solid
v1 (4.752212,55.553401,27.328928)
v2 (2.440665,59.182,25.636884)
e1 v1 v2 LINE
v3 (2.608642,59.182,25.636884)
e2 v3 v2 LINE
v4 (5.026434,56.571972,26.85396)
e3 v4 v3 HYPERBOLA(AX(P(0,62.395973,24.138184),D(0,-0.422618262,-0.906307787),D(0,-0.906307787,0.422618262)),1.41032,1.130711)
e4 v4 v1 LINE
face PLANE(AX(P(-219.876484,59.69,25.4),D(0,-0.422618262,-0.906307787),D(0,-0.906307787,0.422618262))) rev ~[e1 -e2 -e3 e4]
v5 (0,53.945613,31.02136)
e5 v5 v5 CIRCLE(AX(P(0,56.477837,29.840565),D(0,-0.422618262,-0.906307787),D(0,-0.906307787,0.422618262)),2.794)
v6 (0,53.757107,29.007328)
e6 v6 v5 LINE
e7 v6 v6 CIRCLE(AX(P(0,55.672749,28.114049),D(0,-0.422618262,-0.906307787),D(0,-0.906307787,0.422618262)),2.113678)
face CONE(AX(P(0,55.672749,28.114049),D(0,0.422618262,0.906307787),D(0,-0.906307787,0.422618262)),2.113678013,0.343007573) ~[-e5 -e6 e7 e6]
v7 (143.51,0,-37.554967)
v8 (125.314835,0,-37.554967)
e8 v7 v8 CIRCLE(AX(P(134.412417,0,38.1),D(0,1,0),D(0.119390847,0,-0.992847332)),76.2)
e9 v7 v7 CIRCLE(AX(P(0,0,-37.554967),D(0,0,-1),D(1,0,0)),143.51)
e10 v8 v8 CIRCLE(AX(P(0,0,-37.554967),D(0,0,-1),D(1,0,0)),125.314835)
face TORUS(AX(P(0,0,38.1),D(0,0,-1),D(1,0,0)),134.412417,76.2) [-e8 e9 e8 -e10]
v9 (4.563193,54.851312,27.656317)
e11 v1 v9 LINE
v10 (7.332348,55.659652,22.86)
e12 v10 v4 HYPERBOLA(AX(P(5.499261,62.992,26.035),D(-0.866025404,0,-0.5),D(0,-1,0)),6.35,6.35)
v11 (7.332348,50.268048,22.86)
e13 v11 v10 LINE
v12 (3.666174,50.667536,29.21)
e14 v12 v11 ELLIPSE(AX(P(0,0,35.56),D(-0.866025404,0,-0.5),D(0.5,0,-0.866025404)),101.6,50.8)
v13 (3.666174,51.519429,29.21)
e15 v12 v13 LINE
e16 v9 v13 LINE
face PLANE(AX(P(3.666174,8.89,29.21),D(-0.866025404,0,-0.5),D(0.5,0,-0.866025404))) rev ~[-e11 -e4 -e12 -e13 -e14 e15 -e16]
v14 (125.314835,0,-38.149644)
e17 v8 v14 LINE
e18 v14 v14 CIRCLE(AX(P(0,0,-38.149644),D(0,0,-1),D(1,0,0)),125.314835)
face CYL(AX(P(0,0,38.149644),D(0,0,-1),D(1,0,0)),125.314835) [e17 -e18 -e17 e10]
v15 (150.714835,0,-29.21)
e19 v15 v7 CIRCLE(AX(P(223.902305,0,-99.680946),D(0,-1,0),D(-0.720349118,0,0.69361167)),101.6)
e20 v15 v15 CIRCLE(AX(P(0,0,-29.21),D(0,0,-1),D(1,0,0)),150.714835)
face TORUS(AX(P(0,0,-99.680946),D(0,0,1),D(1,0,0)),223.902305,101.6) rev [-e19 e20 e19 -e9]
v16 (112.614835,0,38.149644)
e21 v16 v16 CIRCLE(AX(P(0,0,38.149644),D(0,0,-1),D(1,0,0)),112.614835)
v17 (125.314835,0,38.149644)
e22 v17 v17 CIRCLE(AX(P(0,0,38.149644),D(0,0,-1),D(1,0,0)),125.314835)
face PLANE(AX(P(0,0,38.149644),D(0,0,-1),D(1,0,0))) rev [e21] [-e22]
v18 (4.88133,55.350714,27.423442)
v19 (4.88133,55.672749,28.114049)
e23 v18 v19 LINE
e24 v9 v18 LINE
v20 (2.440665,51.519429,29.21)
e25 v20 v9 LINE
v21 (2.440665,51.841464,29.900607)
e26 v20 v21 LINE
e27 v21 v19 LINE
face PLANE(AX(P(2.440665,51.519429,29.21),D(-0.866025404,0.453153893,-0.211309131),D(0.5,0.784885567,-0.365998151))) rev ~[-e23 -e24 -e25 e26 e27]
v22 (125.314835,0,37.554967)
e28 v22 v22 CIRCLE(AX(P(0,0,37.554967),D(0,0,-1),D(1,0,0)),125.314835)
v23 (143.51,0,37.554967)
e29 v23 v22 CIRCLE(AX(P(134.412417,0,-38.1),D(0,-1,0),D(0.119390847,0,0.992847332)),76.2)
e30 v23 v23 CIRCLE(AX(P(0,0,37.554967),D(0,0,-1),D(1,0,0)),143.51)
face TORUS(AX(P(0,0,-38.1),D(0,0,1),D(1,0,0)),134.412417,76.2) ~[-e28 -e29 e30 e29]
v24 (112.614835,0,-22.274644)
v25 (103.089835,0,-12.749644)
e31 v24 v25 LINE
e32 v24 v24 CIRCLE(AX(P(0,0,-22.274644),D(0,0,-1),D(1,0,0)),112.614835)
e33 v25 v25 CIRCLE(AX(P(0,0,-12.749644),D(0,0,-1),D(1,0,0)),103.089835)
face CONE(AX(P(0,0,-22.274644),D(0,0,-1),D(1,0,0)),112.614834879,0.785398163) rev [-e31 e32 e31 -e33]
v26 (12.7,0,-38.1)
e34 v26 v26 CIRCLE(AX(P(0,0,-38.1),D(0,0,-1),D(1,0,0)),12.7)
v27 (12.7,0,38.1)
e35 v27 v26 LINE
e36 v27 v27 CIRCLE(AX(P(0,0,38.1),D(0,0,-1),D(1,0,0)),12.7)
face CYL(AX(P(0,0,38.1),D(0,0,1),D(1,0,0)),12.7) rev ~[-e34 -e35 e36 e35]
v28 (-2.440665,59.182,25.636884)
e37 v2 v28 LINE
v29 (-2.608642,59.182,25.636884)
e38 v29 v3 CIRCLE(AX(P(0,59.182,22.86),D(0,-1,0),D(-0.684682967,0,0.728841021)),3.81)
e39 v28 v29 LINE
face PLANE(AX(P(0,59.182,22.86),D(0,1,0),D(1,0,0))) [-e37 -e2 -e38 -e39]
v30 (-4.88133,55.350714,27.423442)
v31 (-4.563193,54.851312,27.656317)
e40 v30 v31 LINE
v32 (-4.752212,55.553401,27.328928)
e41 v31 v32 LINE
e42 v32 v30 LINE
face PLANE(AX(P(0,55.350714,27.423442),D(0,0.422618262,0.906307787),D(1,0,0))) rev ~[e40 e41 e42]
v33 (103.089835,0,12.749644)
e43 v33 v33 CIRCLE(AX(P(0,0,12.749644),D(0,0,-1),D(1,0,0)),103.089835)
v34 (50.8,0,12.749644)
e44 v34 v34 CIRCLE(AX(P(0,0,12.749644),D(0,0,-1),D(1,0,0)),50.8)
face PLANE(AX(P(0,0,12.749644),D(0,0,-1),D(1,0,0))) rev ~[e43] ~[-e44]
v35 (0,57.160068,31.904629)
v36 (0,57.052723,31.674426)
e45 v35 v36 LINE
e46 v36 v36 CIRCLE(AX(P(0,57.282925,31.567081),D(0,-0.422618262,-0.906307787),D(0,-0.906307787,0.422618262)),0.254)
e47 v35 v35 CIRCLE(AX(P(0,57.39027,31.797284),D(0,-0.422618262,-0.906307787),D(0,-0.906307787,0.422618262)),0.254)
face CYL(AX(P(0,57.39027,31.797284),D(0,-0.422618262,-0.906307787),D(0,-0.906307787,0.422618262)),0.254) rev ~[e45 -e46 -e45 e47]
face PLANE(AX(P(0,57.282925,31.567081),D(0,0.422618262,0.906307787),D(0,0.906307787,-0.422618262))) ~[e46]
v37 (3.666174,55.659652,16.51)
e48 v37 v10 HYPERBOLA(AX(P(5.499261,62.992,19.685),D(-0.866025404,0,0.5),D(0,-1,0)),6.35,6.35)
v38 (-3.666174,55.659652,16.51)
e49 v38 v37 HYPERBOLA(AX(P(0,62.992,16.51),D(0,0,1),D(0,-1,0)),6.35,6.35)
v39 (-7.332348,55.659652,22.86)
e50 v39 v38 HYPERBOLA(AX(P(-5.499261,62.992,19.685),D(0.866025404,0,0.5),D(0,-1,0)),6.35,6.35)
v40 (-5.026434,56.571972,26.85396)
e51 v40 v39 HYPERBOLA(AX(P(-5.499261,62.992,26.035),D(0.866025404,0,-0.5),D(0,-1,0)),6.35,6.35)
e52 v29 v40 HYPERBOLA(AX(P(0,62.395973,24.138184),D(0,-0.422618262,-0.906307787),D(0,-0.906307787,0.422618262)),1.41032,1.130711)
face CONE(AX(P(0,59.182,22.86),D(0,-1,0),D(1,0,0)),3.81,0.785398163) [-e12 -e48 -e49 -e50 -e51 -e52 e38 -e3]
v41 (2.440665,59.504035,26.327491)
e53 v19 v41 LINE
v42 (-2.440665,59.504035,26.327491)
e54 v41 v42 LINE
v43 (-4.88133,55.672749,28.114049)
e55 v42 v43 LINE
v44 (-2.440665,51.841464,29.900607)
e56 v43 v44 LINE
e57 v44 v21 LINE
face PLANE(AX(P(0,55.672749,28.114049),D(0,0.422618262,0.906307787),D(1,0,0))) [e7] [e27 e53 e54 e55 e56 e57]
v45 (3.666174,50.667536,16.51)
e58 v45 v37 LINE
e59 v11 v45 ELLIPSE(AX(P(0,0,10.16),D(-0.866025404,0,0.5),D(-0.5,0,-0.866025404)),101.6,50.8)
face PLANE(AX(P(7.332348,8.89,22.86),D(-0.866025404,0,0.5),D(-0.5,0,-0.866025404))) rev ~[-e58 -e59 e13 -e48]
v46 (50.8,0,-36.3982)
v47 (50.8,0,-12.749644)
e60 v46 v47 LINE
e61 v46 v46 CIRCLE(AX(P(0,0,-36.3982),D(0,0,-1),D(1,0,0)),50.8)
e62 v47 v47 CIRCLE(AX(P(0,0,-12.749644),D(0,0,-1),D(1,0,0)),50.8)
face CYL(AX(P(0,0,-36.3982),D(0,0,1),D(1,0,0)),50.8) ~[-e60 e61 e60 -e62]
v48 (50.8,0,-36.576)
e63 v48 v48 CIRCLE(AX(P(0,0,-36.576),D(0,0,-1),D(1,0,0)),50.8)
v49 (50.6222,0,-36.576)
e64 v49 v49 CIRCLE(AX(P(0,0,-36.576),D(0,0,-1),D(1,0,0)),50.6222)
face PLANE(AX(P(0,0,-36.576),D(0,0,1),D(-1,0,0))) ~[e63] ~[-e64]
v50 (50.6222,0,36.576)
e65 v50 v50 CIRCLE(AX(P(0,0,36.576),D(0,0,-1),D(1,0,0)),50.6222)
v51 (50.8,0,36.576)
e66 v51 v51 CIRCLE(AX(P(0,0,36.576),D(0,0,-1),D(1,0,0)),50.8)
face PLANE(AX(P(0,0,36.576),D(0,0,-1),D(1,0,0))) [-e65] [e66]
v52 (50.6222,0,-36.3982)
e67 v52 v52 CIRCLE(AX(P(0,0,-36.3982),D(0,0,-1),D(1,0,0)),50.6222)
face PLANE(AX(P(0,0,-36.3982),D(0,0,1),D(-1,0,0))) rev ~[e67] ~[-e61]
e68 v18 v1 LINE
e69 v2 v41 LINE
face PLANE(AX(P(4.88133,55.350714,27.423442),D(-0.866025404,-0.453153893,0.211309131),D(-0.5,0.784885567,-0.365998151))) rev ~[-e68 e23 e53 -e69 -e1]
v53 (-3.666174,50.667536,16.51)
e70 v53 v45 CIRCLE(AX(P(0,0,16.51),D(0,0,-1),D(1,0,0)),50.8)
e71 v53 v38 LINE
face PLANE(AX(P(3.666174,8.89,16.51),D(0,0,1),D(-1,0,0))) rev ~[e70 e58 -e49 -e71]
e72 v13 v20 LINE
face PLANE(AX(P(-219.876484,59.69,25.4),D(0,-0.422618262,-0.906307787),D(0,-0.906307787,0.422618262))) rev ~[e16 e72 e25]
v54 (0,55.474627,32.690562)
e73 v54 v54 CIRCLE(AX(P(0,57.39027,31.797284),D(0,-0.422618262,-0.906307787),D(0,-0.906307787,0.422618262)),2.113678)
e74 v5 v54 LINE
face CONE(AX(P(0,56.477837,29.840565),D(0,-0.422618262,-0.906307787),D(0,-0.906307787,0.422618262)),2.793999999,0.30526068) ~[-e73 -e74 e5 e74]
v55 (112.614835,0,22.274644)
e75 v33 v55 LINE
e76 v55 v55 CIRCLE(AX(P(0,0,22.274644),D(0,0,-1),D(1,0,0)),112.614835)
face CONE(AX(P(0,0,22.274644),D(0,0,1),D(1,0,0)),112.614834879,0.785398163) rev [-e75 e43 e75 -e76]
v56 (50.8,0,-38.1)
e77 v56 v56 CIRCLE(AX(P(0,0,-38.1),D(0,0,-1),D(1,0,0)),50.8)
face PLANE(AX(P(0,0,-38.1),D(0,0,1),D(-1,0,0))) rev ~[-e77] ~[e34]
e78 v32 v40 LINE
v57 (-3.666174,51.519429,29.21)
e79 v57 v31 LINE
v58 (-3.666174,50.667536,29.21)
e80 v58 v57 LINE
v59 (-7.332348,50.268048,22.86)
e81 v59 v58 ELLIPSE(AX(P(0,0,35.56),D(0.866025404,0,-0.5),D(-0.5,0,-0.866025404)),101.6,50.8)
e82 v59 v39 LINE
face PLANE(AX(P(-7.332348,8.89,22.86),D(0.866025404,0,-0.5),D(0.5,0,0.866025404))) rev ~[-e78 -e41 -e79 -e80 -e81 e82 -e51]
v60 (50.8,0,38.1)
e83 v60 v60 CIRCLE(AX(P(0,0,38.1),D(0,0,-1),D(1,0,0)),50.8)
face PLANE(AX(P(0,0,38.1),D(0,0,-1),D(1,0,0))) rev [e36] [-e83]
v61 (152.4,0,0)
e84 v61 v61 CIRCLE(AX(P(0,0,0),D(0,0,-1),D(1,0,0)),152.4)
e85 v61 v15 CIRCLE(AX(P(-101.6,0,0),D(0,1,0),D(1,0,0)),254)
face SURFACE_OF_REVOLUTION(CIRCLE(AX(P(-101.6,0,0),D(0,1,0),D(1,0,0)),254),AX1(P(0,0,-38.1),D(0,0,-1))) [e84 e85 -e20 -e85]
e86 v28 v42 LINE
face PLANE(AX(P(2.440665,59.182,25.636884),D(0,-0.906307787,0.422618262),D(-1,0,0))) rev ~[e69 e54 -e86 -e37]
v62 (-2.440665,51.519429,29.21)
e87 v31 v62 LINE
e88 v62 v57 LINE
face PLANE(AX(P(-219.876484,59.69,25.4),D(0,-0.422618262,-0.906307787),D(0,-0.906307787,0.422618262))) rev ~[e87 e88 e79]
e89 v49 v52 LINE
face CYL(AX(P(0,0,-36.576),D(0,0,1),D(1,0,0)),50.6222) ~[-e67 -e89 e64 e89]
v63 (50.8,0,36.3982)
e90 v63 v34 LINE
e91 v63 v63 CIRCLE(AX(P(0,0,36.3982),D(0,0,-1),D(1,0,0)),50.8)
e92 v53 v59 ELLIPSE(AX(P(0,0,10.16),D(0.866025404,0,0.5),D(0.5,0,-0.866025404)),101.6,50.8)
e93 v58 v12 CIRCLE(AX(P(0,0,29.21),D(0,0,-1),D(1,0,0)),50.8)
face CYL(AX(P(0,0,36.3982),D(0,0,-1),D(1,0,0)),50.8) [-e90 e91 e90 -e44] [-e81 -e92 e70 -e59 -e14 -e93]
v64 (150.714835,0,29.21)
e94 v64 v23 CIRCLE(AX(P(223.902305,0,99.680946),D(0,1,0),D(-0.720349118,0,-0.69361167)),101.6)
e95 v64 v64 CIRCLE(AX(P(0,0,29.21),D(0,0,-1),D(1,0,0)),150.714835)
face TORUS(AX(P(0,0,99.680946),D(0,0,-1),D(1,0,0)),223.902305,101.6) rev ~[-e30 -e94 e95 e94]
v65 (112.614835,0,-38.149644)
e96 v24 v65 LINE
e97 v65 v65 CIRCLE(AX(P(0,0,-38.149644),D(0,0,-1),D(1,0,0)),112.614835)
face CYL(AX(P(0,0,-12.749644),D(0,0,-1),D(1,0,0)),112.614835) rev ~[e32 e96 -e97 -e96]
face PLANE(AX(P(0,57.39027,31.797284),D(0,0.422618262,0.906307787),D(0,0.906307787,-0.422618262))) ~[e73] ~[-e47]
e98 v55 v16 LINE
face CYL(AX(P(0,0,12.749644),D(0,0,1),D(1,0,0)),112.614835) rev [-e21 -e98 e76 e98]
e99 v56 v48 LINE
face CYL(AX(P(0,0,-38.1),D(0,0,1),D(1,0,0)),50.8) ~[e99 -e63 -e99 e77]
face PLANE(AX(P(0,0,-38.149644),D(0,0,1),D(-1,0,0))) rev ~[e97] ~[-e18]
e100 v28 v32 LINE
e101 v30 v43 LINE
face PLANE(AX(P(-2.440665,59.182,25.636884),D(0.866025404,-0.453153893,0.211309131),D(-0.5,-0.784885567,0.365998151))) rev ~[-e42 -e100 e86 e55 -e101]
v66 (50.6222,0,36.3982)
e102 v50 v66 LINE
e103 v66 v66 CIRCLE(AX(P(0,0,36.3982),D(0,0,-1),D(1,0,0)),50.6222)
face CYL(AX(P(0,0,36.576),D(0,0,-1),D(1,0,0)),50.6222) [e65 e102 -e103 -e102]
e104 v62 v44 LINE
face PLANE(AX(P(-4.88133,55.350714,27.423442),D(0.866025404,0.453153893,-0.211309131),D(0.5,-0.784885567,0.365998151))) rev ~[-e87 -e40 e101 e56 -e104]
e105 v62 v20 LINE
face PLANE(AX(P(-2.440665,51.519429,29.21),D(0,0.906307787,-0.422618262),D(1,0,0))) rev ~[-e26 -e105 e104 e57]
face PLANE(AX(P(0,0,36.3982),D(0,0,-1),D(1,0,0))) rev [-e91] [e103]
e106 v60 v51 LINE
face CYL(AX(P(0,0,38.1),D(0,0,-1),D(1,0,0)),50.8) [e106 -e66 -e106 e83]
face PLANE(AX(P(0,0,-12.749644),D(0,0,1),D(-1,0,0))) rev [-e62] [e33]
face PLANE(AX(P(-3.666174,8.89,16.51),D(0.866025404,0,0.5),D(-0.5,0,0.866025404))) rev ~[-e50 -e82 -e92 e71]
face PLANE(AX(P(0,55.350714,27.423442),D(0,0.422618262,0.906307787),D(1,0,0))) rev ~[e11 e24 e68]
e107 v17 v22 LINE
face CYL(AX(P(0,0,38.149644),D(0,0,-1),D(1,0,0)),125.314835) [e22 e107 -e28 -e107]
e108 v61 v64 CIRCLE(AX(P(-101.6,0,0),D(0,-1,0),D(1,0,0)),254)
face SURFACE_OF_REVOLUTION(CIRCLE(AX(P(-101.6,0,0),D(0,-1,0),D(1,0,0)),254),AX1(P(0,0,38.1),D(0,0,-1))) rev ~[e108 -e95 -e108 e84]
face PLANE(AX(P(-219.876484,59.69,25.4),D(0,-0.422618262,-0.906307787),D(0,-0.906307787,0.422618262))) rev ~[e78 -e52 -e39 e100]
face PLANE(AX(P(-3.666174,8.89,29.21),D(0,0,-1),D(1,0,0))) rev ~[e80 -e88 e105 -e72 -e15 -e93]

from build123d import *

# Parameters (mm, degrees)
CHAMFER1_SIZE           = 9.525
BOSS_EXTRUDE1_START     = 8.89
BOSS_EXTRUDE1_DEPTH     = 50.292
SKETCH10_R              = 12.7
CUT_EXTRUDE4_DEPTH      = 330.2
SKETCH6_OUTSIDE_W       = 923.41
SKETCH6_OUTSIDE_H       = 694.91
SKETCH6_OUTSIDE_R       = 3.81
CUT_EXTRUDE2_DEPTH      = 264.530070652
CUT_EXTRUDE2_DRAFT      = -45
CUT_EXTRUDE3_DEPTH      = 219.876484351
CUT_EXTRUDE3_DEPTH_BACK = 219.876484351
BOSS_EXTRUDE2_DEPTH     = 0.762


with BuildPart() as part:
    # Sketch2 → Revolve1 (revolve)
    with BuildSketch(Plane(origin=(0, 0, 0), x_dir=(0, 0, -1), z_dir=(1, 0, 0)), mode=Mode.PRIVATE) as revolve1_sk:
        Polygon((0, 12.7), (-38.1, 12.7), (-38.1, 50.8), (-36.576, 50.8), (-36.576, 50.6222), (-36.3982, 50.6222), (-36.3982, 50.8), (-12.749644049, 50.8), (-12.749644049, 109.439834879), (-12.749644049, 112.614834879), (-38.149644049, 112.614834879), (-38.149644049, 125.314834879), (0, 125.314834879), align=None)
    revolve(revolve1_sk.sketch.rotate(Axis((0, 0, 38.1), (0, 0, -1)), 90), axis=Axis((0, 0, 38.1), (0, 0, -1)))

    # Mirror1 2: part across plane


with BuildPart() as body_2:
    # Sketch3 → Revolve2 (revolve)
    with BuildSketch(Plane(origin=(0, 0, 0), x_dir=(0, 0, -1), z_dir=(1, 0, 0)), mode=Mode.PRIVATE) as revolve2_sk:
        with BuildLine():
            Line((-37.554966734, 125.314834879), (0, 125.314834879))
            Line((0, 125.314834879), (0, 152.4))
            ThreePointArc((0, 152.4), (-14.629284684, 151.978358756), (-29.21, 150.714834879))
            ThreePointArc((-29.21, 150.714834879), (-33.284684366, 146.999142198), (-37.554966734, 143.51))
            ThreePointArc((-37.554966734, 143.51), (-38.1, 134.412417439), (-37.554966734, 125.314834879))
        make_face()
    revolve(revolve2_sk.sketch.rotate(Axis((0, 0, 38.1), (0, 0, -1)), 90), axis=Axis((0, 0, 38.1), (0, 0, -1)))

    # Mirror1: body 2 across plane


with BuildPart() as body_2_1:
    add(body_2.part)
    add(body_2.part.mirror(Plane.XY))


with BuildPart() as part_1:
    add(part.part)
    add(part.part.mirror(Plane.XY))

    # Chamfer1
    chamfer1_edges = [part_1.edges().sort_by_distance(p)[0] for p in [
        (-112.614834879, 0, 12.749644049),
        (-112.614834879, 0, -12.749644049),
    ]]
    chamfer(chamfer1_edges, length=CHAMFER1_SIZE)


with BuildPart() as body_2_2:
    add(body_2_1.part)

    # Combine1: union part
    add(part_1.part)



with BuildPart() as body_2_2_1:
    # Sketch5 → Boss-Extrude1 (new body)
    with BuildSketch(Plane(origin=(0, 0, 0), x_dir=(1, 0, 0), z_dir=(0, 1, 0)).offset(BOSS_EXTRUDE1_START)):
        Polygon((7.332348419, -22.86), (3.666174209, -16.51), (-3.666174209, -16.51), (-7.332348419, -22.86), (-3.666174209, -29.21), (3.666174209, -29.21), align=None)
    extrude(amount=BOSS_EXTRUDE1_DEPTH)

    # Sketch10 → Cut-Extrude4 (cut)
    with BuildSketch(Plane.XY.offset(38.1)):
        Circle(SKETCH10_R)
    extrude(amount=-CUT_EXTRUDE4_DEPTH, mode=Mode.SUBTRACT)


with BuildPart() as cut_extrude2_tool:
    # Sketch6 outside → Cut-Extrude2 (with draft: the straight prism first)
    with BuildSketch(Plane(origin=(0, 59.182, 0), x_dir=(1, 0, 0), z_dir=(0, 1, 0))):
        Rectangle(SKETCH6_OUTSIDE_W, SKETCH6_OUTSIDE_H)
        with Locations((0, -22.86)):
            Circle(SKETCH6_OUTSIDE_R, mode=Mode.SUBTRACT)
    extrude(amount=-CUT_EXTRUDE2_DEPTH)
    # Cut-Extrude2: the draft: its side faces are tilted about the plane it starts from
    cut_extrude2_sides = [cut_extrude2_tool.faces().sort_by_distance(p)[0] for p in [
        (0, -73.083035326, 347.455),
        (461.705, -73.083035326, 0),
        (0, -73.083035326, -347.455),
        (-461.705, -73.083035326, 0),
        (-3.81, -73.083035326, 22.86),
    ]]
    draft(cut_extrude2_sides, Plane(origin=(0, 59.182, 0), x_dir=(1, 0, 0), z_dir=(0, 1, 0)), CUT_EXTRUDE2_DRAFT)


with BuildPart() as body_2_2_2:
    add(body_2_2_1.part)

    # Cut-Extrude2: cut by cut_extrude2_tool
    add(cut_extrude2_tool.part, mode=Mode.SUBTRACT)

    # Sketch7 → Cut-Extrude3 (cut, two sides: drawn at the far end of the back side and taken through both)
    with BuildSketch(Plane(origin=(0, 0, 0), x_dir=(0, 0, -1), z_dir=(1, 0, 0)).offset(-CUT_EXTRUDE3_DEPTH_BACK)):
        Polygon((-25.4, 59.69), (-29.545475081, 50.8), (-33.02, 50.8), (-33.02, 59.69), align=None)
    extrude(amount=CUT_EXTRUDE3_DEPTH + CUT_EXTRUDE3_DEPTH_BACK, mode=Mode.SUBTRACT)


with BuildPart() as body_2_3:
    add(body_2_2.part)

    add(body_2_2_2.part)  # Boss-Extrude2 merges body 2 2
    # Sketch8 → Boss-Extrude2 (add)
    with BuildSketch(Plane(origin=(0, 20.389768217, 43.725999048), x_dir=(1, 0, 0), z_dir=(0, 0.4226182617407031, 0.9063077870366484))):
        Polygon((2.440665139, 34.347779928), (4.881330277, 38.575135953), (2.440665139, 42.802491977), (-2.440665139, 42.802491977), (-4.881330277, 38.575135953), (-2.440665139, 34.347779928), align=None)
    extrude(amount=BOSS_EXTRUDE2_DEPTH)

    # Sketch9 → Revolve3 (revolve)
    with BuildSketch(Plane(origin=(0, 0, 0), x_dir=(0, 0, -1), z_dir=(1, 0, 0)), mode=Mode.PRIVATE) as revolve3_sk:
        Polygon((-27.220769751, 57.588392274), (-28.65976959, 59.010061177), (-30.904004598, 59.305912889), (-31.689938487, 57.620472225), (-31.459736309, 57.513127187), (-31.567081348, 57.282925009), (-28.114048679, 55.672749432), align=None)
    revolve(revolve3_sk.sketch.rotate(Axis((0, 55.672749432, 28.114048679), (0, -0.4226182617407024, -0.9063077870366486)), 180), axis=Axis((0, 55.672749432, 28.114048679), (0, -0.4226182617407024, -0.9063077870366486)))


solid = body_2_3.part
